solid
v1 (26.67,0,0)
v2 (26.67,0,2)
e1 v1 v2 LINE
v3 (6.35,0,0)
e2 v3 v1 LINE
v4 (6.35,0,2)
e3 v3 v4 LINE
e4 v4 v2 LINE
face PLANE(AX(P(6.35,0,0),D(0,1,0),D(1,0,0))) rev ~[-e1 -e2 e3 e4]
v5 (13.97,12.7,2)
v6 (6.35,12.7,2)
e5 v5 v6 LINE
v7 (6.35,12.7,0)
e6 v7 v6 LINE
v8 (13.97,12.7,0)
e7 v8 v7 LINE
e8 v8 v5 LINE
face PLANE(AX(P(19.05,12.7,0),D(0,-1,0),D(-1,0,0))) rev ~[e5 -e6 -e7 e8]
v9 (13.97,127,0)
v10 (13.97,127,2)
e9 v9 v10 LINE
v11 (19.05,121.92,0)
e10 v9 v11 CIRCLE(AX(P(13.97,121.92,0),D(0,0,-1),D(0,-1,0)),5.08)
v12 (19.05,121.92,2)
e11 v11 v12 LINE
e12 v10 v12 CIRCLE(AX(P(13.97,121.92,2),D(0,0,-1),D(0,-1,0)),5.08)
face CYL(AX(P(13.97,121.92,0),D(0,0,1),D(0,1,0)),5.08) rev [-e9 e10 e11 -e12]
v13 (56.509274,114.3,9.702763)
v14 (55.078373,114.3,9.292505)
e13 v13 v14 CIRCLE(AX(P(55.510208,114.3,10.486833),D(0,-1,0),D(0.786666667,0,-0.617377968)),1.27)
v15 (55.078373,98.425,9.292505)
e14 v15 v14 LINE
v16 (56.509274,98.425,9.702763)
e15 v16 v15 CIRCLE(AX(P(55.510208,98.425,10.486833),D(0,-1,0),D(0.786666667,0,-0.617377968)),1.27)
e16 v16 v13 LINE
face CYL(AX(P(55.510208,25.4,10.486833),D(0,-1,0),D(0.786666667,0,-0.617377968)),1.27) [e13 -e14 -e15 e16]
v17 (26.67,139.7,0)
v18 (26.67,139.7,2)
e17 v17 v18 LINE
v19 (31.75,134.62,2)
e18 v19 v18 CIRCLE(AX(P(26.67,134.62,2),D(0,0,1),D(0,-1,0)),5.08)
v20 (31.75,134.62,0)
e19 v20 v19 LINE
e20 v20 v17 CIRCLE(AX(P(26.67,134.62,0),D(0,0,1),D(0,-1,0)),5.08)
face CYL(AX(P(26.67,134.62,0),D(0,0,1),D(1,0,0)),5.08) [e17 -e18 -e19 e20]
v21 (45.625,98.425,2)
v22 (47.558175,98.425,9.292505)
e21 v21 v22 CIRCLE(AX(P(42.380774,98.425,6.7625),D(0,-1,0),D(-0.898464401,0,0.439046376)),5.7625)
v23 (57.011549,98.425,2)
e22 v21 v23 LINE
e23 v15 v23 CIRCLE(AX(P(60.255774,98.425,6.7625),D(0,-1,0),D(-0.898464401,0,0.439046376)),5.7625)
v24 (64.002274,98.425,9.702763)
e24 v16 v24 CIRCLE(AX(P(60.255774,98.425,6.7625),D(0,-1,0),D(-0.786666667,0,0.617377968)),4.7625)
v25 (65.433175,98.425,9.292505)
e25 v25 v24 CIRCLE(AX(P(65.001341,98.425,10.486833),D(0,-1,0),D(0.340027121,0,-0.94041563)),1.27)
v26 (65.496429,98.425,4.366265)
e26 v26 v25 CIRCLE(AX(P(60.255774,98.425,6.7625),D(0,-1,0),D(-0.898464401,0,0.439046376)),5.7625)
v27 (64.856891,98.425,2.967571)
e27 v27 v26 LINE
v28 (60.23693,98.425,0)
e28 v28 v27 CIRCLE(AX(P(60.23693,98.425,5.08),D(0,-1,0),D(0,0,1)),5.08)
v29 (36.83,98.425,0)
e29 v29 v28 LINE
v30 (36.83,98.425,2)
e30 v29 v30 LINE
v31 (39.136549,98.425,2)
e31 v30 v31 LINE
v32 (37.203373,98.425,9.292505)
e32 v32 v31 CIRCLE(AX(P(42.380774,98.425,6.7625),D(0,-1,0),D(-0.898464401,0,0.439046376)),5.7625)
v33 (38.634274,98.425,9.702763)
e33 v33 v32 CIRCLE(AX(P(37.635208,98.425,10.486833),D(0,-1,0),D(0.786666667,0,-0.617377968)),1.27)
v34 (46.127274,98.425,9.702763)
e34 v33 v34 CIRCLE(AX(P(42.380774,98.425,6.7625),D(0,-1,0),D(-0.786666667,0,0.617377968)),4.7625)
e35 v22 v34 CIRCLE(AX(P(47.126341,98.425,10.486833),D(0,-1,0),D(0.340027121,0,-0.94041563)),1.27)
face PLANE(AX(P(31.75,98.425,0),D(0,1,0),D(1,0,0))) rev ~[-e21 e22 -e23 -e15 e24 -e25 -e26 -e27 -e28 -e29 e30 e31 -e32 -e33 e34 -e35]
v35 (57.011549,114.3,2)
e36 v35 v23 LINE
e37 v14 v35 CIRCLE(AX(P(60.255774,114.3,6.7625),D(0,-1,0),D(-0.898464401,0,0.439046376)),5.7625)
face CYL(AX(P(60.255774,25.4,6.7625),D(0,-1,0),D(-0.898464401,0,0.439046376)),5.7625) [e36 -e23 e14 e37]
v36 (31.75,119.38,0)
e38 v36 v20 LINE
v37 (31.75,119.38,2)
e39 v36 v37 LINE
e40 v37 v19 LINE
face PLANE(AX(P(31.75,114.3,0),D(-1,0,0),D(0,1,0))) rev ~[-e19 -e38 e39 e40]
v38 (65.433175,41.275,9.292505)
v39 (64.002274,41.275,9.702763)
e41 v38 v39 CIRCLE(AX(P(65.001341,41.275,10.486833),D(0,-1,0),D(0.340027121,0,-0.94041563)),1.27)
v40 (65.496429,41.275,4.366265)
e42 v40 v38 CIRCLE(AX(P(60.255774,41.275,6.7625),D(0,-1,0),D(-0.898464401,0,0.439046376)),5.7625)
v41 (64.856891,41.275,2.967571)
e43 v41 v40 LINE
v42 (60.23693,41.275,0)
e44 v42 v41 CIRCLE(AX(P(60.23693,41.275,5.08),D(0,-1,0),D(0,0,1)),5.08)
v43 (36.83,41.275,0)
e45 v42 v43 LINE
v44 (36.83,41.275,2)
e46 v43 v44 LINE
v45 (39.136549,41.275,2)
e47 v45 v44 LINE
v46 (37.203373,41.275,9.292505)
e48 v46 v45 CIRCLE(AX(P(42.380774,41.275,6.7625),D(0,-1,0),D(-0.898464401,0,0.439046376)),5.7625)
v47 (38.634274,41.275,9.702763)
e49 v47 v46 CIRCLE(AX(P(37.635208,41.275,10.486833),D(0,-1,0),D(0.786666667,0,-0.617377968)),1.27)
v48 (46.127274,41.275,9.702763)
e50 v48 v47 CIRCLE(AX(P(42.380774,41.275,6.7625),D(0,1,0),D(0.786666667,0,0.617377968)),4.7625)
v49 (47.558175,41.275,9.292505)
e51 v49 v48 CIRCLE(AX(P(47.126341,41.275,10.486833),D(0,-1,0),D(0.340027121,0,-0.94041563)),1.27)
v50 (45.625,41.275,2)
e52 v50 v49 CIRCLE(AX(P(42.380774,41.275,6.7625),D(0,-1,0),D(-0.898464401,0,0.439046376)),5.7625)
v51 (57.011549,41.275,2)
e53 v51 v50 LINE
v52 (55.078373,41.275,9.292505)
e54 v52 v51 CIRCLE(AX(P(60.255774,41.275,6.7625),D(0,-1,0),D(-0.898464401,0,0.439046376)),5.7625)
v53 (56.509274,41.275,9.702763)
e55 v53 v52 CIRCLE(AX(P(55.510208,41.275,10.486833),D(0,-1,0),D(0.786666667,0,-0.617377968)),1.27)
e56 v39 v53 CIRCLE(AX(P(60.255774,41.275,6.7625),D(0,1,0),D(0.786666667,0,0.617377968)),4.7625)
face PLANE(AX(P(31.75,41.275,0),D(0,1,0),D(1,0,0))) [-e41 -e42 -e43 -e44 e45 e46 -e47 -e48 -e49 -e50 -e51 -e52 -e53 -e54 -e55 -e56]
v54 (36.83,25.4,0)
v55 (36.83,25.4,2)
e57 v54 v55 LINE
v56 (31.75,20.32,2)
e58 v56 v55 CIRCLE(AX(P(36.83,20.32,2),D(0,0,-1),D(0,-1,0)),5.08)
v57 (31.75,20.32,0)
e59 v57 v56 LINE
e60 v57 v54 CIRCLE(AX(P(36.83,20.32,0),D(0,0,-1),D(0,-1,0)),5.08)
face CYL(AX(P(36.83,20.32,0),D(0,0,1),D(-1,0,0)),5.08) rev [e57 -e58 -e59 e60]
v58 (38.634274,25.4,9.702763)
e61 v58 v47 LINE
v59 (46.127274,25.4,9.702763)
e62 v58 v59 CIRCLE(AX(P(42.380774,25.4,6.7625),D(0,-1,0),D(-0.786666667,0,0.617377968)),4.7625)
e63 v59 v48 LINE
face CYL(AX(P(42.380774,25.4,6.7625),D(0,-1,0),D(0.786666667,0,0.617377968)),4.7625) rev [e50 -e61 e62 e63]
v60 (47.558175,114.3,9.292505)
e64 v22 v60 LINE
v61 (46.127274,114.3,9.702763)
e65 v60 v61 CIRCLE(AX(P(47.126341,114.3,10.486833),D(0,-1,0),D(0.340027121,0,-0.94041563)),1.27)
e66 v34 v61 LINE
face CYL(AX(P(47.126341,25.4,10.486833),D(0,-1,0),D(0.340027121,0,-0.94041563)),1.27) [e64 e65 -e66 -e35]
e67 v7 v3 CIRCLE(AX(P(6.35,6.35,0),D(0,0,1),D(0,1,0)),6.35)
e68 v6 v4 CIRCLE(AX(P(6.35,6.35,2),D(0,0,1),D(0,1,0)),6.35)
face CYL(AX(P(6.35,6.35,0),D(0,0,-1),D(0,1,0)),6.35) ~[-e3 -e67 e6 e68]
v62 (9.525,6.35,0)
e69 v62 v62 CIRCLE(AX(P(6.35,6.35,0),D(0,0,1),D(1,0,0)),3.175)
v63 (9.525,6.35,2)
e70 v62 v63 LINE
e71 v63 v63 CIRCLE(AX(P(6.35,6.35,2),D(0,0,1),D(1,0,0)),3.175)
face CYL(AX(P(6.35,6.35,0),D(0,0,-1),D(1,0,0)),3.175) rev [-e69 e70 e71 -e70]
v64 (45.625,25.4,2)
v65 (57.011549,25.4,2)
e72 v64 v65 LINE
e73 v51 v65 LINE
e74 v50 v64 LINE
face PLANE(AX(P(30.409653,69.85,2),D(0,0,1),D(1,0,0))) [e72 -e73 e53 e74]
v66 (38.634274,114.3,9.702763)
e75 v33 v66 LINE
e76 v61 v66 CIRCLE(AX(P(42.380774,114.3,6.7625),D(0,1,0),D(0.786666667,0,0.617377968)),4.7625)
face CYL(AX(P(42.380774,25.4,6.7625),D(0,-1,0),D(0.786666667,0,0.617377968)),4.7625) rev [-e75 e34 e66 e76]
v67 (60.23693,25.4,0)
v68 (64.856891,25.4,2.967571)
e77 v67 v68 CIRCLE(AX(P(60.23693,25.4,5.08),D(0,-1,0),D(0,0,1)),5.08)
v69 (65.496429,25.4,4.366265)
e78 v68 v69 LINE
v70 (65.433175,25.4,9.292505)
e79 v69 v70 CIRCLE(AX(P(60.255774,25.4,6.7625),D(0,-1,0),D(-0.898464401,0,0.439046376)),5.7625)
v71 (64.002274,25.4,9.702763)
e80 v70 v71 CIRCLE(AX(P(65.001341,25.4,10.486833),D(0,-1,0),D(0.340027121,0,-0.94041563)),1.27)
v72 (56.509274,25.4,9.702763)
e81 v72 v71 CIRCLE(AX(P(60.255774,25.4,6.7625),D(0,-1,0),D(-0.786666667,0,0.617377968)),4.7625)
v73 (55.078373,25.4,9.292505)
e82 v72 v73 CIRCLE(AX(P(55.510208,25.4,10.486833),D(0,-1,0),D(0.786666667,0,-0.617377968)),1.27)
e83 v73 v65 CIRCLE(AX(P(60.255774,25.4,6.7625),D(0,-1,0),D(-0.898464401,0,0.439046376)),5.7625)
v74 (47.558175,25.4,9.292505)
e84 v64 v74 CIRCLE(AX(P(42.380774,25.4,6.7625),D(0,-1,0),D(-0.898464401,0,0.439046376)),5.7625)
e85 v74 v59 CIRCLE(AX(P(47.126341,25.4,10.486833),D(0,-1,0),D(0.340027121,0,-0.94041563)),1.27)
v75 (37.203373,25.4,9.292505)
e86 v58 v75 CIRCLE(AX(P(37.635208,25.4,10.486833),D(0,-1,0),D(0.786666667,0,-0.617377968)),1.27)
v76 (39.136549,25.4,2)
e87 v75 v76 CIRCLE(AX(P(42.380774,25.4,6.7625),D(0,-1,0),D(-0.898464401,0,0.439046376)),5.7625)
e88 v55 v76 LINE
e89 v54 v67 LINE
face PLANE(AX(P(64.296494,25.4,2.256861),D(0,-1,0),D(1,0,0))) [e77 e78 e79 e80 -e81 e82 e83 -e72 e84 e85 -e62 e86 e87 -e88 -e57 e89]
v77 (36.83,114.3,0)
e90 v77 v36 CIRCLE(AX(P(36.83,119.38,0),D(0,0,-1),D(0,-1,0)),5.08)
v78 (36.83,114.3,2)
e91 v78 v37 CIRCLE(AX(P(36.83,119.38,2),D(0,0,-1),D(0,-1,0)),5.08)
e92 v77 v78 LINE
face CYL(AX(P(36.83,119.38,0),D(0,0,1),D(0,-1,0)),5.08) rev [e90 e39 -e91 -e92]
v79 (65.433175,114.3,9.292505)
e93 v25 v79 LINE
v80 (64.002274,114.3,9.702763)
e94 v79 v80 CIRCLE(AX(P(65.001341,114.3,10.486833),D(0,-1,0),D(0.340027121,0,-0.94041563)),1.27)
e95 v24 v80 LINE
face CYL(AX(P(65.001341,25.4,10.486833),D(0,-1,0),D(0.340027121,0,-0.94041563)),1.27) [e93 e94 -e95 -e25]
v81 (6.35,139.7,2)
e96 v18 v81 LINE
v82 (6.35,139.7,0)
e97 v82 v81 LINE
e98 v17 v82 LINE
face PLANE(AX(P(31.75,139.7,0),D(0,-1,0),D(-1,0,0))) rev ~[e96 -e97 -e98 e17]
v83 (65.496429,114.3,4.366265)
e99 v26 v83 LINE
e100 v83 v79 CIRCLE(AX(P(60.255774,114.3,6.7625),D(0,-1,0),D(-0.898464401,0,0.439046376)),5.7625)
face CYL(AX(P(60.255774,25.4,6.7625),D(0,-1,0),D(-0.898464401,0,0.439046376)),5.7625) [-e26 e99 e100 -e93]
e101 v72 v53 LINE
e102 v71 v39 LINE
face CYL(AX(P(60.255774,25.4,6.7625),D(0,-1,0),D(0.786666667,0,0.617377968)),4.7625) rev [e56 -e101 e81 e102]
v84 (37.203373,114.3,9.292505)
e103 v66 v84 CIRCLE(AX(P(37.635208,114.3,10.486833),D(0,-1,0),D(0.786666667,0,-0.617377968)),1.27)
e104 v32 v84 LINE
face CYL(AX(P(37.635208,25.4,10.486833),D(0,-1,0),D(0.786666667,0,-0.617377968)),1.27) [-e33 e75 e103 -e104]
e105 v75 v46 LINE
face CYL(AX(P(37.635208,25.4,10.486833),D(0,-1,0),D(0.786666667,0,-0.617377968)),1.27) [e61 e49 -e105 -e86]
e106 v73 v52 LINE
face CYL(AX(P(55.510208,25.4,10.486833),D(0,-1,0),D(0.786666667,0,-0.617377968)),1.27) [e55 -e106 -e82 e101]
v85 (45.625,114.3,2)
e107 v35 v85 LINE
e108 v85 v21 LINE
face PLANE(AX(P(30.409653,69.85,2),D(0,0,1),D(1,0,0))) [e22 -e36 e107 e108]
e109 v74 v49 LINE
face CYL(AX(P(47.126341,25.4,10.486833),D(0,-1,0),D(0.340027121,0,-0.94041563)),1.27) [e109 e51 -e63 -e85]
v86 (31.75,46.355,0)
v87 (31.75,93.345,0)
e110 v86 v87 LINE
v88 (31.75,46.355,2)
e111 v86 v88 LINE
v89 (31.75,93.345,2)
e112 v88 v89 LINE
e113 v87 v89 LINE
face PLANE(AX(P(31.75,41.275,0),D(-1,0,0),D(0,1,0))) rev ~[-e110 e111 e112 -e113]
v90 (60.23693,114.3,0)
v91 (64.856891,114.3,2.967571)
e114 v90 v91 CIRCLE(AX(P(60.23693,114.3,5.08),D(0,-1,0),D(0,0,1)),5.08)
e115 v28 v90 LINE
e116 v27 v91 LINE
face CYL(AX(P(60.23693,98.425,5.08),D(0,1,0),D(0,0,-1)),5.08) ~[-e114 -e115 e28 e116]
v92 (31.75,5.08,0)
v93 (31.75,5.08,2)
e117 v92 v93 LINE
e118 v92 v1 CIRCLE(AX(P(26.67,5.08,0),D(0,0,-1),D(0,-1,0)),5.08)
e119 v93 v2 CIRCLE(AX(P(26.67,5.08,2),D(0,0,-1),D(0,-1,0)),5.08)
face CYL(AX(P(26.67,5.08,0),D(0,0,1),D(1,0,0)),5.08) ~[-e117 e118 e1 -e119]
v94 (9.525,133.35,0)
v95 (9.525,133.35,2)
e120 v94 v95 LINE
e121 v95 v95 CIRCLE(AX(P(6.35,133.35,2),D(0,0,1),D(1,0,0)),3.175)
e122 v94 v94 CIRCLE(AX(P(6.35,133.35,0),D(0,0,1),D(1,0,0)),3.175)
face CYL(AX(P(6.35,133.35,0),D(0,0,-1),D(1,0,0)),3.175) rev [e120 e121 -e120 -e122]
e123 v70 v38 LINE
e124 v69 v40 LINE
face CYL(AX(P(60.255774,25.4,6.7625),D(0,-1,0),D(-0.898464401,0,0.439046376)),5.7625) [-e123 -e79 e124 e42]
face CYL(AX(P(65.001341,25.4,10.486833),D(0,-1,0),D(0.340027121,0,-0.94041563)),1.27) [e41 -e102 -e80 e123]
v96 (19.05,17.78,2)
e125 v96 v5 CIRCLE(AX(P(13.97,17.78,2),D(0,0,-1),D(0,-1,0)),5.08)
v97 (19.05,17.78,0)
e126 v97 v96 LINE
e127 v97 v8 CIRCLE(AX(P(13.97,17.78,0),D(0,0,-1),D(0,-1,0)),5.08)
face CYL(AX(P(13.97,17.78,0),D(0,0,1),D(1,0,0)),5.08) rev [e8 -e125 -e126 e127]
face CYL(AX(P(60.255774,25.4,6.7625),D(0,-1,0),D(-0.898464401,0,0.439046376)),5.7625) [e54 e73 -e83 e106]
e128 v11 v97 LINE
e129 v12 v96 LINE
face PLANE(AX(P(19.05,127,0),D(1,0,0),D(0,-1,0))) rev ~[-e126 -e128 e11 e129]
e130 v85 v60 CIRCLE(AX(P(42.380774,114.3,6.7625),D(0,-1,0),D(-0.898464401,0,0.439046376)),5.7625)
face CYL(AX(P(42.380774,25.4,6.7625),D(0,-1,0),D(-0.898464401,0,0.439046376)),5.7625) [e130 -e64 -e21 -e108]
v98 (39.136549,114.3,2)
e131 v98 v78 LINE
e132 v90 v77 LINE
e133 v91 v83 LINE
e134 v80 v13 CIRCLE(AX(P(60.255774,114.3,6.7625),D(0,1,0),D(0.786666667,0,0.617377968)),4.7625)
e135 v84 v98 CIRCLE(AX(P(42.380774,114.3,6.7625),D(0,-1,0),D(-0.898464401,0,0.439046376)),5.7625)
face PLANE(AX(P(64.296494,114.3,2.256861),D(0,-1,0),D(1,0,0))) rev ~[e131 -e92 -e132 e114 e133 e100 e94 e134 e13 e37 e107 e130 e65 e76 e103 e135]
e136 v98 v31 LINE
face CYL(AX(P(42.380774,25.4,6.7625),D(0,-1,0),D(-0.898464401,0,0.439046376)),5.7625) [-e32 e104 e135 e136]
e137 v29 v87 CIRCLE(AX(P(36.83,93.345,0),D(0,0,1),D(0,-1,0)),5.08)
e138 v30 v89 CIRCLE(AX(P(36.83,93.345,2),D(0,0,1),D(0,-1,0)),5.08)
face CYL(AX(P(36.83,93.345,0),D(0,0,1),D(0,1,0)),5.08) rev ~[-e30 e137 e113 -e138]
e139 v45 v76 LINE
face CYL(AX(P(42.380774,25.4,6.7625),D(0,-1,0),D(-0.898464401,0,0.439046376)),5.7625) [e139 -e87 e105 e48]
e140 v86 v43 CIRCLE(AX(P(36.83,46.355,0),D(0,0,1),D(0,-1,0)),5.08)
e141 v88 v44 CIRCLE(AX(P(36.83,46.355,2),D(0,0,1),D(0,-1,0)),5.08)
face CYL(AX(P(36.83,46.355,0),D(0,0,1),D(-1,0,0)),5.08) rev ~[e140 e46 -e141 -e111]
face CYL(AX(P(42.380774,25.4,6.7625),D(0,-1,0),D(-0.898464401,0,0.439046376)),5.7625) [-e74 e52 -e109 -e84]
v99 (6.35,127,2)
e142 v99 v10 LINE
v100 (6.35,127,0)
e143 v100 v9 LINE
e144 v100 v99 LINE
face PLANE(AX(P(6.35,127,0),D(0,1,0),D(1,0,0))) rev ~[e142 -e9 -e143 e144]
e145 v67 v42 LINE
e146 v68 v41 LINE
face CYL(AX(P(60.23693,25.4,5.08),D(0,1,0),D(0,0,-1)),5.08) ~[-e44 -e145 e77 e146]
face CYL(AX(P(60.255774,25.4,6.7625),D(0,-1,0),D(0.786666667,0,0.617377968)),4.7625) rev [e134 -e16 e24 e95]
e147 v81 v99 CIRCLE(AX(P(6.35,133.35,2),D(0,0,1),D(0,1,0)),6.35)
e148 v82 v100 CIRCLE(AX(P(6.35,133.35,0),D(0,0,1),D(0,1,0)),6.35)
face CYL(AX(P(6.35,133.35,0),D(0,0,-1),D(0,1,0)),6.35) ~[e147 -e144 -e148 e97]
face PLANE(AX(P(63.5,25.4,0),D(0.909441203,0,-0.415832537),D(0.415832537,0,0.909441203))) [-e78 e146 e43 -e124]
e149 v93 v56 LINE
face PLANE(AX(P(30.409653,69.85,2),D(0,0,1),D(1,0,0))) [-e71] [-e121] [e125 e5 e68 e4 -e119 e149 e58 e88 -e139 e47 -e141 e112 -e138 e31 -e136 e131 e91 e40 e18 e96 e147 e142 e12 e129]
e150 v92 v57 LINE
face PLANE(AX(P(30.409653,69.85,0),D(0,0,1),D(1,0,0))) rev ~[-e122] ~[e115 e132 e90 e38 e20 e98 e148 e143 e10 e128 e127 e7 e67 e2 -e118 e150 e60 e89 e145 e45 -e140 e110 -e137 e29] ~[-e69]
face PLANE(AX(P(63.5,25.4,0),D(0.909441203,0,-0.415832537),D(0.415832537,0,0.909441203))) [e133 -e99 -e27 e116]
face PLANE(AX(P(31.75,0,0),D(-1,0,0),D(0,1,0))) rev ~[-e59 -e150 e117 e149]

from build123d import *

# Parameters (mm, degrees)
F0_R      = 3.175
F1_DEPTH  = 2
F3_DEPTH  = 88.9
F5_DEPTH  = 88.9
F6_W      = 44.45
F6_H      = 57.15
F7_DEPTH  = 25.4
F8_W      = 44.45
F8_H      = 57.15
F9_DEPTH  = 25.4
F10_R     = 4.7625
F11_DEPTH = 88.9
F12_R     = 5.08
F13_R     = 5.08


with BuildPart() as f1:
    # F0 (on Top) → F1 (new body)
    with BuildSketch(Plane.XY):
        with BuildLine():
            ThreePointArc((6.35, 12.7), (0, 6.35), (6.35, 0))
            Line((6.35, 0), (31.75, 0))
            Line((31.75, 0), (31.75, 25.4))
            Line((31.75, 25.4), (63.5, 25.4))
            Line((63.5, 25.4), (63.5, 41.275))
            Line((63.5, 41.275), (31.75, 41.275))
            Line((31.75, 41.275), (31.75, 98.425))
            Line((31.75, 98.425), (63.5, 98.425))
            Line((63.5, 98.425), (63.5, 114.3))
            Line((63.5, 114.3), (31.75, 114.3))
            Line((31.75, 114.3), (31.75, 139.7))
            Line((31.75, 139.7), (6.35, 139.7))
            ThreePointArc((6.35, 139.7), (0, 133.35), (6.35, 127))
            Line((6.35, 127), (19.05, 127))
            Line((19.05, 127), (19.05, 12.7))
            Line((19.05, 12.7), (6.35, 12.7))
        make_face()
        with Locations((6.35, 6.35)):
            Circle(F0_R, mode=Mode.SUBTRACT)
        with Locations((6.35, 133.35)):
            Circle(F0_R, mode=Mode.SUBTRACT)
    extrude(amount=F1_DEPTH)

    # F2 (on face) → F3 (join, through all)
    with BuildSketch(Plane.XZ.offset(-25.4)):
        with BuildLine():
            ThreePointArc((56.5092743605, 9.7027625733), (55.1601848792, 11.7076454488), (55.0783732507, 9.2925047427))
            ThreePointArc((55.0783732507, 9.2925047427), (60.2557743605, 1), (65.4331754703, 9.2925047427))
            ThreePointArc((65.4331754703, 9.2925047427), (65.3513638418, 11.7076454488), (64.0022743605, 9.7027625733))
            ThreePointArc((64.0022743605, 9.7027625733), (60.2557743605, 2), (56.5092743605, 9.7027625733))
        make_face()
        with BuildLine():
            ThreePointArc((46.1272743605, 9.7027625733), (42.3807743605, 2), (38.6342743605, 9.7027625733))
            ThreePointArc((38.6342743605, 9.7027625733), (37.2851848792, 11.7076454488), (37.2033732507, 9.2925047427))
            ThreePointArc((37.2033732507, 9.2925047427), (42.3807743605, 1), (47.5581754703, 9.2925047427))
            ThreePointArc((47.5581754703, 9.2925047427), (47.4763638418, 11.7076454488), (46.1272743605, 9.7027625733))
        make_face()
    extrude(amount=-F3_DEPTH)

    # F4 (on face) → F5 (join, through all)
    with BuildSketch(Plane.XZ.offset(-25.4)):
        Polygon((63.5, 0), (65.4964292905, 4.3662650043), (63.5, 2), align=None)
    extrude(amount=-F5_DEPTH)

    # F6 (on face) → F7 (cut)
    with BuildSketch(Plane(origin=(0, 0, 0), x_dir=(1, 0, 0), z_dir=(0, 0, -1))):
        with Locations((53.975, -69.85)):
            Rectangle(F6_W, F6_H)
    extrude(amount=-F7_DEPTH, mode=Mode.SUBTRACT)

    # F8 (on face) → F9 (cut)
    with BuildSketch(Plane.XY.offset(2)):
        with Locations((41.275, 69.85)):
            Rectangle(F8_W, F8_H)
    extrude(amount=F9_DEPTH, mode=Mode.SUBTRACT)

    # F10 (on face) → F11 (cut, through all)
    with BuildSketch(Plane.XZ.offset(-25.4)):
        with Locations((42.3807743605, 6.7625)):
            Circle(F10_R)
        with Locations((60.2557743605, 6.7625)):
            Circle(F10_R)
    extrude(amount=-F11_DEPTH, mode=Mode.SUBTRACT)

    # F12
    f12_edges = [f1.edges().sort_by_distance(p)[0] for p in [
        (31.75, 0, 1),
        (31.75, 25.4, 1),
        (31.75, 41.275, 1),
        (31.75, 98.425, 1),
        (31.75, 114.3, 1),
        (31.75, 139.7, 1),
        (19.05, 127, 1),
        (19.05, 12.7, 1),
    ]]
    fillet(f12_edges, radius=F12_R)

    # F13
    f13_edges = [f1.edges().sort_by_distance(p)[0] for p in [
        (63.5, 33.3375, 0),
        (63.5, 106.3625, 0),
    ]]
    fillet(f13_edges, radius=F13_R)


solid = f1.part
